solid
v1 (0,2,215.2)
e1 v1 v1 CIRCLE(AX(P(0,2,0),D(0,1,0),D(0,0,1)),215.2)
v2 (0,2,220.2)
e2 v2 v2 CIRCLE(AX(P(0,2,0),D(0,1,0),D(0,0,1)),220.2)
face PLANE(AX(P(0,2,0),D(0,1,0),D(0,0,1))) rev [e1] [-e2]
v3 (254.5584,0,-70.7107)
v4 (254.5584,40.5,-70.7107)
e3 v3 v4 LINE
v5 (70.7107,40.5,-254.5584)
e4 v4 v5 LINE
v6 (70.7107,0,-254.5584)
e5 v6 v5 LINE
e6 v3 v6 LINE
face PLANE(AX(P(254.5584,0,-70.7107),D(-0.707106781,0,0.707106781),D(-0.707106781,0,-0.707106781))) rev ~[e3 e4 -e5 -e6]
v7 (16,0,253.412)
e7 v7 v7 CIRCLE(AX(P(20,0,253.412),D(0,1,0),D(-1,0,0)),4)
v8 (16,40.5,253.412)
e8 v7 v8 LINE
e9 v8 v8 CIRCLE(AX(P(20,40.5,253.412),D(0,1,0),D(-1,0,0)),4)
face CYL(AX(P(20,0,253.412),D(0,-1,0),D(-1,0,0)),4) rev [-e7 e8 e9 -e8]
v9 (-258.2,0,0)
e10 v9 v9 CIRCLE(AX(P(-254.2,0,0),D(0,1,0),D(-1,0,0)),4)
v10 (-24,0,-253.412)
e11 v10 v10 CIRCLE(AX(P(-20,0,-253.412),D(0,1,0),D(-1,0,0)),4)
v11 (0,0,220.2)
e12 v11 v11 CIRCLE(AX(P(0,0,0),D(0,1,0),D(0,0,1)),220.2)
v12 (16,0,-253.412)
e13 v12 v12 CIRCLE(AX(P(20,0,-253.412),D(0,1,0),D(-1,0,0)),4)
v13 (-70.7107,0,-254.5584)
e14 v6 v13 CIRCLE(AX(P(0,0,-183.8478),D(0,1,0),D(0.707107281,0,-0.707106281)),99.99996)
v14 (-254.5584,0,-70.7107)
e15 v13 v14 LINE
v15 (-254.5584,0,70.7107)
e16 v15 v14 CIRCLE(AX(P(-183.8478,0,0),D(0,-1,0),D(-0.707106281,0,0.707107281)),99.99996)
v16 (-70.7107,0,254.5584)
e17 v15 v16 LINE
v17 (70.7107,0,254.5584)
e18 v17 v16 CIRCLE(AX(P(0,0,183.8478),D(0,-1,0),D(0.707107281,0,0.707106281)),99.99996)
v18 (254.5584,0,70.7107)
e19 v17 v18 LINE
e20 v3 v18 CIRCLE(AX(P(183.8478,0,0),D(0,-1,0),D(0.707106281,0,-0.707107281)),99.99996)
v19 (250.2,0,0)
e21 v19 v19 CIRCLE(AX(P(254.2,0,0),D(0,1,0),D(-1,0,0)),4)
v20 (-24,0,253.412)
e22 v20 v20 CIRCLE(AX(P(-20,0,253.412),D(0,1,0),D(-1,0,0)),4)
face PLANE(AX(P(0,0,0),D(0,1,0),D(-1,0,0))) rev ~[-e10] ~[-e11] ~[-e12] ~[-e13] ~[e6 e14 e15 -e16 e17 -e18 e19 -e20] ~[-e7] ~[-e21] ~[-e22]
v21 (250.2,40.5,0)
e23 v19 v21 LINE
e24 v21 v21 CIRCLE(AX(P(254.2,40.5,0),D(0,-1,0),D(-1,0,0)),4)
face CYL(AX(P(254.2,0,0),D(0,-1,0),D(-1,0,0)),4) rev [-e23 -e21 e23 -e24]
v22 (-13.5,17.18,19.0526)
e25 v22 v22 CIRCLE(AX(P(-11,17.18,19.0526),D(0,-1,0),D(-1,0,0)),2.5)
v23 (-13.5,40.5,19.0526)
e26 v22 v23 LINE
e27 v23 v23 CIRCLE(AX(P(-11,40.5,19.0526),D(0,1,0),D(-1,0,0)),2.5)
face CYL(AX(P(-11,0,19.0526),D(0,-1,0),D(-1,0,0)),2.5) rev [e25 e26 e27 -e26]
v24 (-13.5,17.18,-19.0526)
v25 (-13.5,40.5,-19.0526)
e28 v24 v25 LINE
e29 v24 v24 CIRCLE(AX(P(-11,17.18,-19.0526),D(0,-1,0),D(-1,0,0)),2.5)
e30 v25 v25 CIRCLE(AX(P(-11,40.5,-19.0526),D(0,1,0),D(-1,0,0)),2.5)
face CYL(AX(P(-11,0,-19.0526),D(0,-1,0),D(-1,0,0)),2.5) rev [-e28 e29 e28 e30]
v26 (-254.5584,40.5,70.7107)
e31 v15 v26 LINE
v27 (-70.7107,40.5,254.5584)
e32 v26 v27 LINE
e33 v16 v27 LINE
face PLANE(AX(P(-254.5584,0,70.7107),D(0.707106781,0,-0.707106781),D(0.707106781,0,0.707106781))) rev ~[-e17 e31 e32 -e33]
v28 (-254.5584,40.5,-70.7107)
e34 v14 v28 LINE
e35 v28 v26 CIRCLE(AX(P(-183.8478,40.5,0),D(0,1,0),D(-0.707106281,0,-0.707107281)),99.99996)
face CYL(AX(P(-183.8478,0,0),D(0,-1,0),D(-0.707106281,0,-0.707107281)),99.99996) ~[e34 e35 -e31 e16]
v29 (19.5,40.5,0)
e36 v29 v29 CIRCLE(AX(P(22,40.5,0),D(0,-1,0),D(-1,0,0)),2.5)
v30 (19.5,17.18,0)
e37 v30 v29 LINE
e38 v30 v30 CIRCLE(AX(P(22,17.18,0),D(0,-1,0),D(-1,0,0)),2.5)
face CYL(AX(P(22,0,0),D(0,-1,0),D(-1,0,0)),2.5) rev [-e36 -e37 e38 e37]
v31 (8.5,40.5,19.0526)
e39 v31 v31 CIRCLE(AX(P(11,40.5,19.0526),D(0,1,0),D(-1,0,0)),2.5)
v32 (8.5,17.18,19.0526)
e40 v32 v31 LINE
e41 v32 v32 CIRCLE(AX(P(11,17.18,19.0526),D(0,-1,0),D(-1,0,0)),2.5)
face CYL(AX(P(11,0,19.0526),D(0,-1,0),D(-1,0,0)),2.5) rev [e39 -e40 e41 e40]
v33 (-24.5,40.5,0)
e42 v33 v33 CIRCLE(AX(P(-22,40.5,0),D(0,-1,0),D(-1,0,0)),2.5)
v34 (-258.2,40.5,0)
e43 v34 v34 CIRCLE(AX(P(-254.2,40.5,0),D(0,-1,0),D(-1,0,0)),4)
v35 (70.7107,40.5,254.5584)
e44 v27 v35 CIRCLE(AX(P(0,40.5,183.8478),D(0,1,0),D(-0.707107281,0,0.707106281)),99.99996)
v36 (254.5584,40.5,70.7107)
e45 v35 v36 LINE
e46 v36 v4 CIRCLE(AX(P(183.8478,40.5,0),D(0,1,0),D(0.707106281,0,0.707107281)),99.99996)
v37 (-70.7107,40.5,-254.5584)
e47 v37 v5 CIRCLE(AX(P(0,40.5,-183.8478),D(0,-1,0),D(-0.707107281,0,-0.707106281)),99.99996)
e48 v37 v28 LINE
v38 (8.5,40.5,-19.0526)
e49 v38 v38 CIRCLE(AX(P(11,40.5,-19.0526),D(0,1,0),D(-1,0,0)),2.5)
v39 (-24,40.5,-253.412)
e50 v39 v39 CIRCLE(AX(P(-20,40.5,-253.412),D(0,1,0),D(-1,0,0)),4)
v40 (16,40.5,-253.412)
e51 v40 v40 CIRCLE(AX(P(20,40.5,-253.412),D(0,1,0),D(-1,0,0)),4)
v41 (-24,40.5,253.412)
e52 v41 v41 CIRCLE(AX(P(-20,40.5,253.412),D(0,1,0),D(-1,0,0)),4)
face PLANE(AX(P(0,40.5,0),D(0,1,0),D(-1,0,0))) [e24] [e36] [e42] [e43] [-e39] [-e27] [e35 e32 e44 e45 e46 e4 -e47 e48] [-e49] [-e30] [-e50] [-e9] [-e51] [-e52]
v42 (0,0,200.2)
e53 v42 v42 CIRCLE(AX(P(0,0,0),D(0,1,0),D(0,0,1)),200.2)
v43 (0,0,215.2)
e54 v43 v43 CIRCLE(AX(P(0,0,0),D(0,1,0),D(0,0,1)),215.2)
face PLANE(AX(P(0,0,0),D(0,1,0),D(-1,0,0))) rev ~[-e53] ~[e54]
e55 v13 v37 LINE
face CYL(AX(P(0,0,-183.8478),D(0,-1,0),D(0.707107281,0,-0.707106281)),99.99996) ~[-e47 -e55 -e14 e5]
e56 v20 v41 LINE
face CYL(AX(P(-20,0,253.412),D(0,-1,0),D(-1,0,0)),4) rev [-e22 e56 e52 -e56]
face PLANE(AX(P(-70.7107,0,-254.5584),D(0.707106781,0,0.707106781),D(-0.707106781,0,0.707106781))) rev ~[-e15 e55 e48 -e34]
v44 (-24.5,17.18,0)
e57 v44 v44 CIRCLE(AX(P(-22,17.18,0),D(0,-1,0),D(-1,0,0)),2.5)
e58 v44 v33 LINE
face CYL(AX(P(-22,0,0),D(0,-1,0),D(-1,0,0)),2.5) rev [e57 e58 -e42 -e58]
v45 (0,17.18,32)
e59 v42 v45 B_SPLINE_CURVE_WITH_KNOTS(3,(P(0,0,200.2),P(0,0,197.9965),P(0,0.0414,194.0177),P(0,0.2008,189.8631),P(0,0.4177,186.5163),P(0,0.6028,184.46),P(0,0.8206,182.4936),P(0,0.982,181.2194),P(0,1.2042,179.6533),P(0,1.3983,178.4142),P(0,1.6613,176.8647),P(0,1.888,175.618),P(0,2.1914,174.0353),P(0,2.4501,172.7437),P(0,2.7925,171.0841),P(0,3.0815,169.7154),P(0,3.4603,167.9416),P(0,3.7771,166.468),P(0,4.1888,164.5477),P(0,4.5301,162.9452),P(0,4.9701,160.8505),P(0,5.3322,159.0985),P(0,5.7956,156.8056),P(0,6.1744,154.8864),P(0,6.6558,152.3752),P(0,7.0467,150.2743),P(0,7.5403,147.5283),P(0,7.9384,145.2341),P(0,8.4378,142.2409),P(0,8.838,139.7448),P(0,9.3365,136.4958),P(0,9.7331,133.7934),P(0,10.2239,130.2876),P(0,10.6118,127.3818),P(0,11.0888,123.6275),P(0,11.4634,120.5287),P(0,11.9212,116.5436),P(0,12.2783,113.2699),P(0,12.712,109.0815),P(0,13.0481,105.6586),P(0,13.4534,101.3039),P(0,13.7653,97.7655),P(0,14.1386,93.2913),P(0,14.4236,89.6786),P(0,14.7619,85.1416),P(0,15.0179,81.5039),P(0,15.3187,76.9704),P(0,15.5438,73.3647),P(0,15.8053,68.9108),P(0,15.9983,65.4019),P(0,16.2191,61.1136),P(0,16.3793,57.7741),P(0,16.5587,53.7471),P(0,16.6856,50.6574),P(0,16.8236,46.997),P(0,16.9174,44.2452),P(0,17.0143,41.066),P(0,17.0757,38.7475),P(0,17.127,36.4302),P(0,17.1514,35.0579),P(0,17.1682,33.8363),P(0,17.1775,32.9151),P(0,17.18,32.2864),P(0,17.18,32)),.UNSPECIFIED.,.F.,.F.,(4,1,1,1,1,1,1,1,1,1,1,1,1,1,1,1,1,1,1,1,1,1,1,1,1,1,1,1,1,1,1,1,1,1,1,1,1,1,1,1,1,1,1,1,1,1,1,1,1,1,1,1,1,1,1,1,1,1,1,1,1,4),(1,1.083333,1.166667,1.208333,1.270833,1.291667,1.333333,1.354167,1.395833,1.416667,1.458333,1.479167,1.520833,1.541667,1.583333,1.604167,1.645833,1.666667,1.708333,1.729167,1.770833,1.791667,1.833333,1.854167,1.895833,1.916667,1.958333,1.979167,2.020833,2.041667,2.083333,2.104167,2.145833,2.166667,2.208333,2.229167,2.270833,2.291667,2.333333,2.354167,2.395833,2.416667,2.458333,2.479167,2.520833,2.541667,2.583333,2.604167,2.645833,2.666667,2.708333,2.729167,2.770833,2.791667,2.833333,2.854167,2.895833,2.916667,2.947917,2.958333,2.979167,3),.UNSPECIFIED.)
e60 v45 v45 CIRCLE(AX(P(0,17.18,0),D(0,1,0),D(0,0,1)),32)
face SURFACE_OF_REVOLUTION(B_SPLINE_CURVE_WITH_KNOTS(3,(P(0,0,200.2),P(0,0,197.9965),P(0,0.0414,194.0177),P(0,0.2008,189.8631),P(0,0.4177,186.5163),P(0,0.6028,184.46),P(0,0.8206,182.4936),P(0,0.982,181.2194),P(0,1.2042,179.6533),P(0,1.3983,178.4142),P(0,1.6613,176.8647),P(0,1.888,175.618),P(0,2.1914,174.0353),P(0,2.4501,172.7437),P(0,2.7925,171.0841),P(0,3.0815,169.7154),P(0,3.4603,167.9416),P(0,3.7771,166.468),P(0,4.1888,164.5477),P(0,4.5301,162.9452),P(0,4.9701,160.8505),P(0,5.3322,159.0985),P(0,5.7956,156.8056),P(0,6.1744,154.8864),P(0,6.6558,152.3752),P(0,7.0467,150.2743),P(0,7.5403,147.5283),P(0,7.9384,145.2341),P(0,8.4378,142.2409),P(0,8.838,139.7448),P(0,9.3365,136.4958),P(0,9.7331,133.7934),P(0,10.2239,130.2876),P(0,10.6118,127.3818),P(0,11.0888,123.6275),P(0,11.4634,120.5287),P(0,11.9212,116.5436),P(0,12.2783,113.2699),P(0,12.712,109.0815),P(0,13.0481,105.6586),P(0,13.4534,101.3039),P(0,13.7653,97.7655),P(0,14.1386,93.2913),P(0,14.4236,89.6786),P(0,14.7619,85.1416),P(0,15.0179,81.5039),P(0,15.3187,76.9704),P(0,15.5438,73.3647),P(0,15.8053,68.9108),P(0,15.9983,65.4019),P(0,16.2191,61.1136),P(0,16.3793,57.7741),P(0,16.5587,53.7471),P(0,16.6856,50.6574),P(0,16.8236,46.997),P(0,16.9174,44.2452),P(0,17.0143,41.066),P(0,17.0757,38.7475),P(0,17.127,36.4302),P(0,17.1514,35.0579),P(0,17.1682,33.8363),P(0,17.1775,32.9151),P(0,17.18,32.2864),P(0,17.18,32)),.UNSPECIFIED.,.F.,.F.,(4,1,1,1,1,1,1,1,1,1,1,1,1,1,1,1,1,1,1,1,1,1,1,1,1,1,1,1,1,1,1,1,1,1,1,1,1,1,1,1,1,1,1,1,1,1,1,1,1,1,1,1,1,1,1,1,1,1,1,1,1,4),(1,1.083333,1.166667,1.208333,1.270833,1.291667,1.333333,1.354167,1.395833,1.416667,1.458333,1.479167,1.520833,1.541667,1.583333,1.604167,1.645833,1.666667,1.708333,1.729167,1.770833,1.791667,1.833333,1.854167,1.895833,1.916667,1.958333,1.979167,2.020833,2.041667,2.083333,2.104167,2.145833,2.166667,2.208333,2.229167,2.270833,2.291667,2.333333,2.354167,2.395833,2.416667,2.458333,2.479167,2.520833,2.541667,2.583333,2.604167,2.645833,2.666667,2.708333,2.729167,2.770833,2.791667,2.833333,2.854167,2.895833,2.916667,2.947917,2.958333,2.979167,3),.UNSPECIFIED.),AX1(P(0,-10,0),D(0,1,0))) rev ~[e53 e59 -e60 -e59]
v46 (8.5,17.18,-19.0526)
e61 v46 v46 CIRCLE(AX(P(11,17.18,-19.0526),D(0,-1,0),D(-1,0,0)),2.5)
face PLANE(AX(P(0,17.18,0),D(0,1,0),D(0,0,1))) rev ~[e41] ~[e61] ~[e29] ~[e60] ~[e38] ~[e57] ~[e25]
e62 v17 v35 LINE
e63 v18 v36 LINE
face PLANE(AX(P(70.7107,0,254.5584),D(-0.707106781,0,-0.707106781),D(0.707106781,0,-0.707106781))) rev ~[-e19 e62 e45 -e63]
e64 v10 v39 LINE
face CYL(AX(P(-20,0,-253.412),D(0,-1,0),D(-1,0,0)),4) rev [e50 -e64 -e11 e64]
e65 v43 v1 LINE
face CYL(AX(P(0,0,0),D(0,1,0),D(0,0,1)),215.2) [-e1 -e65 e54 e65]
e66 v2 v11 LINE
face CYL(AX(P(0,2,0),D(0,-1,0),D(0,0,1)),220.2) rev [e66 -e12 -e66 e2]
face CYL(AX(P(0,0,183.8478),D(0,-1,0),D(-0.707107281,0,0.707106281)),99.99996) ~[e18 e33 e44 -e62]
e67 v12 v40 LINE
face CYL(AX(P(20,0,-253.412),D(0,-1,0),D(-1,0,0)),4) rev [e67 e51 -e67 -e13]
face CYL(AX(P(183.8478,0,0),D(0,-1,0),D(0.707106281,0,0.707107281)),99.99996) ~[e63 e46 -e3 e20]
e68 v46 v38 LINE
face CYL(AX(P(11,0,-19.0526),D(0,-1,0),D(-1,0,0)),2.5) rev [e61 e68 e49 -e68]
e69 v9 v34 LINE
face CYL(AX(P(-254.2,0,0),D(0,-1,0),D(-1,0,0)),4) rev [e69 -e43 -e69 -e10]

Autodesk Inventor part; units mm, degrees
ref_plane "YZ Plane" through (0, 0, 0) normal (1, 0, 0) x (0, 1, 0)
ref_plane "XZ Plane" through (0, 0, 0) normal (0, 1, 0) x (-1, 0, 0)
sketch "Esquisse1" plane through (0, 0, 0) normal (0, 1, 0) x (-1, 0, 0)
  circle A0 centre (0, 0) radius 215.2 construction
  line L0 (0, -455.3768) -> (0, 455.3768) projected
  line L1 (-455.3768, 0) -> (455.3768, 0) projected
  line L2 (70.7107, -254.5584) -> (254.5584, -70.7107)
  line L3 (254.5584, 70.7107) -> (70.7107, 254.5584)
  line L4 (-70.7107, 254.5584) -> (-254.5584, 70.7107)
  line L5 (-254.5584, -70.7107) -> (-70.7107, -254.5584)
  line L6 (0, -325.2691) -> (0, 325.2691) construction
  line L7 (325.2691, 0) -> (-325.2691, 0) construction
  circle A1 centre (-20, 253.412) radius 4
  circle A2 centre (11, -19.0526) radius 2.5 projected
  circle A3 centre (-11, -19.0526) radius 2.5 projected
  circle A4 centre (-22, 0) radius 2.5 projected
  circle A5 centre (-11, 19.0526) radius 2.5 projected
  circle A6 centre (11, 19.0526) radius 2.5 projected
  circle A7 centre (22, 0) radius 2.5 projected
  circle A8 centre (0, 0) radius 30 construction
  circle A9 centre (0, 0) radius 13 construction
  arc A10 (-254.5584, 70.7107) -> (-254.5584, -70.7107) centre (-183.8478, 0) ccw
  arc A11 (70.7107, 254.5584) -> (-70.7107, 254.5584) centre (0, 183.8478) ccw
  arc A12 (-70.7107, -254.5584) -> (70.7107, -254.5584) centre (0, -183.8478) ccw
  arc A13 (254.5584, -70.7107) -> (254.5584, 70.7107) centre (183.8478, 0) ccw
  circle A14 centre (20, 253.412) radius 4
  circle A15 centre (-20, -253.412) radius 4
  circle A16 centre (20, -253.412) radius 4
  circle A17 centre (-254.2, 0) radius 4
  circle A18 centre (254.2, 0) radius 4
  point P0 (0, 0)
  dimension "d1" = 460
  dimension "d2" = 8
  dimension "d3" = 35
  dimension "d13" = 100
  dimension "d14" = 20
  dimension "d15" = 35
ref_plane "Plan de construction1" through (-34.1506, 32.18, -34.1506) normal (0, 1, 0) x (0.5, 0, 0.866)
extrude "Extrusion1" add sketch "Esquisse1" along normal blind 40.5 contours A12 L5 A10 L1 A17 A4 L0 | L0 L1 A7 A18 A13 L2 A12 | L1 A4 A17 A10 L4 A11 L0 | L0 A11 L3 A13 L1 A18 A7
sketch "Esquisse2" plane through (0, 0, 0) normal (1, 0, 0) x (0, 1, 0)
  line L0 (0, 215.2) -> (0, -215.2) projected
  spline S0 degree 3 poles (0, 200.2) (0, 197.9965) (0.0414, 194.0177) (0.2008, 189.8631) (0.4177, 186.5163) (0.6028, 184.46) (0.8206, 182.4936) (0.982, 181.2194) (1.2042, 179.6533) (1.3983, 178.4142) (1.6613, 176.8647) (1.888, 175.618) (2.1914, 174.0353) (2.4501, 172.7437) (2.7925, 171.0841) (3.0815, 169.7154) (3.4603, 167.9416) (3.7771, 166.468) (4.1888, 164.5477) (4.5301, 162.9452) (4.9701, 160.8505) (5.3322, 159.0985) (5.7956, 156.8056) (6.1744, 154.8864) (6.6558, 152.3752) (7.0467, 150.2743) (7.5403, 147.5283) (7.9384, 145.2341) (8.4378, 142.2409) (8.838, 139.7448) (9.3365, 136.4958) (9.7331, 133.7934) (10.2239, 130.2876) (10.6118, 127.3818) (11.0888, 123.6275) (11.4634, 120.5287) (11.9212, 116.5436) (12.2783, 113.2699) (12.712, 109.0815) (13.0481, 105.6586) (13.4534, 101.3039) (13.7653, 97.7655) (14.1386, 93.2913) (14.4236, 89.6786) (14.7619, 85.1416) (15.0179, 81.5039) (15.3187, 76.9704) (15.5438, 73.3647) (15.8053, 68.9108) (15.9983, 65.4019) (16.2191, 61.1136) (16.3793, 57.7741) (16.5587, 53.7471) (16.6856, 50.6574) (16.8236, 46.997) (16.9174, 44.2452) (17.0143, 41.066) (17.0757, 38.7475) (17.127, 36.4302) (17.1514, 35.0579) (17.1682, 33.8363) (17.1775, 32.9151) (17.18, 32.2864) (17.18, 32) knots 1 1 1 1 1.083333 1.166667 1.208333 1.270833 1.291667 1.333333 1.354167 1.395833 1.416667 1.458333 1.479167 1.520833 1.541667 1.583333 1.604167 1.645833 1.666667 1.708333 1.729167 1.770833 1.791667 1.833333 1.854167 1.895833 1.916667 1.958333 1.979167 2.020833 2.041667 2.083333 2.104167 2.145833 2.166667 2.208333 2.229167 2.270833 2.291667 2.333333 2.354167 2.395833 2.416667 2.458333 2.479167 2.520833 2.541667 2.583333 2.604167 2.645833 2.666667 2.708333 2.729167 2.770833 2.791667 2.833333 2.854167 2.895833 2.916667 2.947917 2.958333 2.979167 3 3 3 3 projected
  line L1 (17.18, 32) -> (17.18, -32) projected
  line L2 (17.18, 0) -> (0, 0)
  line L3 (-6.6319, 0) -> (26.4905, 0) projected
  line L4 (0, 215.2) -> (2, 215.2)
  line L5 (2, 215.2) -> (2, 220.2)
  line L6 (2, 220.2) -> (0, 220.2)
  line L7 (0, 220.2) -> (0, 215.2)
  point P0 (0, 200.2)
  dimension "d11" = 5
  dimension "d12" = 2
revolve "Révolution1" cut sketch "Esquisse2" angle 360 about axis through (0, -10, 0) along (0, 1, 0)
equation "\"d15\" = d3"
properties part number "wheel_rim_mold_A"
